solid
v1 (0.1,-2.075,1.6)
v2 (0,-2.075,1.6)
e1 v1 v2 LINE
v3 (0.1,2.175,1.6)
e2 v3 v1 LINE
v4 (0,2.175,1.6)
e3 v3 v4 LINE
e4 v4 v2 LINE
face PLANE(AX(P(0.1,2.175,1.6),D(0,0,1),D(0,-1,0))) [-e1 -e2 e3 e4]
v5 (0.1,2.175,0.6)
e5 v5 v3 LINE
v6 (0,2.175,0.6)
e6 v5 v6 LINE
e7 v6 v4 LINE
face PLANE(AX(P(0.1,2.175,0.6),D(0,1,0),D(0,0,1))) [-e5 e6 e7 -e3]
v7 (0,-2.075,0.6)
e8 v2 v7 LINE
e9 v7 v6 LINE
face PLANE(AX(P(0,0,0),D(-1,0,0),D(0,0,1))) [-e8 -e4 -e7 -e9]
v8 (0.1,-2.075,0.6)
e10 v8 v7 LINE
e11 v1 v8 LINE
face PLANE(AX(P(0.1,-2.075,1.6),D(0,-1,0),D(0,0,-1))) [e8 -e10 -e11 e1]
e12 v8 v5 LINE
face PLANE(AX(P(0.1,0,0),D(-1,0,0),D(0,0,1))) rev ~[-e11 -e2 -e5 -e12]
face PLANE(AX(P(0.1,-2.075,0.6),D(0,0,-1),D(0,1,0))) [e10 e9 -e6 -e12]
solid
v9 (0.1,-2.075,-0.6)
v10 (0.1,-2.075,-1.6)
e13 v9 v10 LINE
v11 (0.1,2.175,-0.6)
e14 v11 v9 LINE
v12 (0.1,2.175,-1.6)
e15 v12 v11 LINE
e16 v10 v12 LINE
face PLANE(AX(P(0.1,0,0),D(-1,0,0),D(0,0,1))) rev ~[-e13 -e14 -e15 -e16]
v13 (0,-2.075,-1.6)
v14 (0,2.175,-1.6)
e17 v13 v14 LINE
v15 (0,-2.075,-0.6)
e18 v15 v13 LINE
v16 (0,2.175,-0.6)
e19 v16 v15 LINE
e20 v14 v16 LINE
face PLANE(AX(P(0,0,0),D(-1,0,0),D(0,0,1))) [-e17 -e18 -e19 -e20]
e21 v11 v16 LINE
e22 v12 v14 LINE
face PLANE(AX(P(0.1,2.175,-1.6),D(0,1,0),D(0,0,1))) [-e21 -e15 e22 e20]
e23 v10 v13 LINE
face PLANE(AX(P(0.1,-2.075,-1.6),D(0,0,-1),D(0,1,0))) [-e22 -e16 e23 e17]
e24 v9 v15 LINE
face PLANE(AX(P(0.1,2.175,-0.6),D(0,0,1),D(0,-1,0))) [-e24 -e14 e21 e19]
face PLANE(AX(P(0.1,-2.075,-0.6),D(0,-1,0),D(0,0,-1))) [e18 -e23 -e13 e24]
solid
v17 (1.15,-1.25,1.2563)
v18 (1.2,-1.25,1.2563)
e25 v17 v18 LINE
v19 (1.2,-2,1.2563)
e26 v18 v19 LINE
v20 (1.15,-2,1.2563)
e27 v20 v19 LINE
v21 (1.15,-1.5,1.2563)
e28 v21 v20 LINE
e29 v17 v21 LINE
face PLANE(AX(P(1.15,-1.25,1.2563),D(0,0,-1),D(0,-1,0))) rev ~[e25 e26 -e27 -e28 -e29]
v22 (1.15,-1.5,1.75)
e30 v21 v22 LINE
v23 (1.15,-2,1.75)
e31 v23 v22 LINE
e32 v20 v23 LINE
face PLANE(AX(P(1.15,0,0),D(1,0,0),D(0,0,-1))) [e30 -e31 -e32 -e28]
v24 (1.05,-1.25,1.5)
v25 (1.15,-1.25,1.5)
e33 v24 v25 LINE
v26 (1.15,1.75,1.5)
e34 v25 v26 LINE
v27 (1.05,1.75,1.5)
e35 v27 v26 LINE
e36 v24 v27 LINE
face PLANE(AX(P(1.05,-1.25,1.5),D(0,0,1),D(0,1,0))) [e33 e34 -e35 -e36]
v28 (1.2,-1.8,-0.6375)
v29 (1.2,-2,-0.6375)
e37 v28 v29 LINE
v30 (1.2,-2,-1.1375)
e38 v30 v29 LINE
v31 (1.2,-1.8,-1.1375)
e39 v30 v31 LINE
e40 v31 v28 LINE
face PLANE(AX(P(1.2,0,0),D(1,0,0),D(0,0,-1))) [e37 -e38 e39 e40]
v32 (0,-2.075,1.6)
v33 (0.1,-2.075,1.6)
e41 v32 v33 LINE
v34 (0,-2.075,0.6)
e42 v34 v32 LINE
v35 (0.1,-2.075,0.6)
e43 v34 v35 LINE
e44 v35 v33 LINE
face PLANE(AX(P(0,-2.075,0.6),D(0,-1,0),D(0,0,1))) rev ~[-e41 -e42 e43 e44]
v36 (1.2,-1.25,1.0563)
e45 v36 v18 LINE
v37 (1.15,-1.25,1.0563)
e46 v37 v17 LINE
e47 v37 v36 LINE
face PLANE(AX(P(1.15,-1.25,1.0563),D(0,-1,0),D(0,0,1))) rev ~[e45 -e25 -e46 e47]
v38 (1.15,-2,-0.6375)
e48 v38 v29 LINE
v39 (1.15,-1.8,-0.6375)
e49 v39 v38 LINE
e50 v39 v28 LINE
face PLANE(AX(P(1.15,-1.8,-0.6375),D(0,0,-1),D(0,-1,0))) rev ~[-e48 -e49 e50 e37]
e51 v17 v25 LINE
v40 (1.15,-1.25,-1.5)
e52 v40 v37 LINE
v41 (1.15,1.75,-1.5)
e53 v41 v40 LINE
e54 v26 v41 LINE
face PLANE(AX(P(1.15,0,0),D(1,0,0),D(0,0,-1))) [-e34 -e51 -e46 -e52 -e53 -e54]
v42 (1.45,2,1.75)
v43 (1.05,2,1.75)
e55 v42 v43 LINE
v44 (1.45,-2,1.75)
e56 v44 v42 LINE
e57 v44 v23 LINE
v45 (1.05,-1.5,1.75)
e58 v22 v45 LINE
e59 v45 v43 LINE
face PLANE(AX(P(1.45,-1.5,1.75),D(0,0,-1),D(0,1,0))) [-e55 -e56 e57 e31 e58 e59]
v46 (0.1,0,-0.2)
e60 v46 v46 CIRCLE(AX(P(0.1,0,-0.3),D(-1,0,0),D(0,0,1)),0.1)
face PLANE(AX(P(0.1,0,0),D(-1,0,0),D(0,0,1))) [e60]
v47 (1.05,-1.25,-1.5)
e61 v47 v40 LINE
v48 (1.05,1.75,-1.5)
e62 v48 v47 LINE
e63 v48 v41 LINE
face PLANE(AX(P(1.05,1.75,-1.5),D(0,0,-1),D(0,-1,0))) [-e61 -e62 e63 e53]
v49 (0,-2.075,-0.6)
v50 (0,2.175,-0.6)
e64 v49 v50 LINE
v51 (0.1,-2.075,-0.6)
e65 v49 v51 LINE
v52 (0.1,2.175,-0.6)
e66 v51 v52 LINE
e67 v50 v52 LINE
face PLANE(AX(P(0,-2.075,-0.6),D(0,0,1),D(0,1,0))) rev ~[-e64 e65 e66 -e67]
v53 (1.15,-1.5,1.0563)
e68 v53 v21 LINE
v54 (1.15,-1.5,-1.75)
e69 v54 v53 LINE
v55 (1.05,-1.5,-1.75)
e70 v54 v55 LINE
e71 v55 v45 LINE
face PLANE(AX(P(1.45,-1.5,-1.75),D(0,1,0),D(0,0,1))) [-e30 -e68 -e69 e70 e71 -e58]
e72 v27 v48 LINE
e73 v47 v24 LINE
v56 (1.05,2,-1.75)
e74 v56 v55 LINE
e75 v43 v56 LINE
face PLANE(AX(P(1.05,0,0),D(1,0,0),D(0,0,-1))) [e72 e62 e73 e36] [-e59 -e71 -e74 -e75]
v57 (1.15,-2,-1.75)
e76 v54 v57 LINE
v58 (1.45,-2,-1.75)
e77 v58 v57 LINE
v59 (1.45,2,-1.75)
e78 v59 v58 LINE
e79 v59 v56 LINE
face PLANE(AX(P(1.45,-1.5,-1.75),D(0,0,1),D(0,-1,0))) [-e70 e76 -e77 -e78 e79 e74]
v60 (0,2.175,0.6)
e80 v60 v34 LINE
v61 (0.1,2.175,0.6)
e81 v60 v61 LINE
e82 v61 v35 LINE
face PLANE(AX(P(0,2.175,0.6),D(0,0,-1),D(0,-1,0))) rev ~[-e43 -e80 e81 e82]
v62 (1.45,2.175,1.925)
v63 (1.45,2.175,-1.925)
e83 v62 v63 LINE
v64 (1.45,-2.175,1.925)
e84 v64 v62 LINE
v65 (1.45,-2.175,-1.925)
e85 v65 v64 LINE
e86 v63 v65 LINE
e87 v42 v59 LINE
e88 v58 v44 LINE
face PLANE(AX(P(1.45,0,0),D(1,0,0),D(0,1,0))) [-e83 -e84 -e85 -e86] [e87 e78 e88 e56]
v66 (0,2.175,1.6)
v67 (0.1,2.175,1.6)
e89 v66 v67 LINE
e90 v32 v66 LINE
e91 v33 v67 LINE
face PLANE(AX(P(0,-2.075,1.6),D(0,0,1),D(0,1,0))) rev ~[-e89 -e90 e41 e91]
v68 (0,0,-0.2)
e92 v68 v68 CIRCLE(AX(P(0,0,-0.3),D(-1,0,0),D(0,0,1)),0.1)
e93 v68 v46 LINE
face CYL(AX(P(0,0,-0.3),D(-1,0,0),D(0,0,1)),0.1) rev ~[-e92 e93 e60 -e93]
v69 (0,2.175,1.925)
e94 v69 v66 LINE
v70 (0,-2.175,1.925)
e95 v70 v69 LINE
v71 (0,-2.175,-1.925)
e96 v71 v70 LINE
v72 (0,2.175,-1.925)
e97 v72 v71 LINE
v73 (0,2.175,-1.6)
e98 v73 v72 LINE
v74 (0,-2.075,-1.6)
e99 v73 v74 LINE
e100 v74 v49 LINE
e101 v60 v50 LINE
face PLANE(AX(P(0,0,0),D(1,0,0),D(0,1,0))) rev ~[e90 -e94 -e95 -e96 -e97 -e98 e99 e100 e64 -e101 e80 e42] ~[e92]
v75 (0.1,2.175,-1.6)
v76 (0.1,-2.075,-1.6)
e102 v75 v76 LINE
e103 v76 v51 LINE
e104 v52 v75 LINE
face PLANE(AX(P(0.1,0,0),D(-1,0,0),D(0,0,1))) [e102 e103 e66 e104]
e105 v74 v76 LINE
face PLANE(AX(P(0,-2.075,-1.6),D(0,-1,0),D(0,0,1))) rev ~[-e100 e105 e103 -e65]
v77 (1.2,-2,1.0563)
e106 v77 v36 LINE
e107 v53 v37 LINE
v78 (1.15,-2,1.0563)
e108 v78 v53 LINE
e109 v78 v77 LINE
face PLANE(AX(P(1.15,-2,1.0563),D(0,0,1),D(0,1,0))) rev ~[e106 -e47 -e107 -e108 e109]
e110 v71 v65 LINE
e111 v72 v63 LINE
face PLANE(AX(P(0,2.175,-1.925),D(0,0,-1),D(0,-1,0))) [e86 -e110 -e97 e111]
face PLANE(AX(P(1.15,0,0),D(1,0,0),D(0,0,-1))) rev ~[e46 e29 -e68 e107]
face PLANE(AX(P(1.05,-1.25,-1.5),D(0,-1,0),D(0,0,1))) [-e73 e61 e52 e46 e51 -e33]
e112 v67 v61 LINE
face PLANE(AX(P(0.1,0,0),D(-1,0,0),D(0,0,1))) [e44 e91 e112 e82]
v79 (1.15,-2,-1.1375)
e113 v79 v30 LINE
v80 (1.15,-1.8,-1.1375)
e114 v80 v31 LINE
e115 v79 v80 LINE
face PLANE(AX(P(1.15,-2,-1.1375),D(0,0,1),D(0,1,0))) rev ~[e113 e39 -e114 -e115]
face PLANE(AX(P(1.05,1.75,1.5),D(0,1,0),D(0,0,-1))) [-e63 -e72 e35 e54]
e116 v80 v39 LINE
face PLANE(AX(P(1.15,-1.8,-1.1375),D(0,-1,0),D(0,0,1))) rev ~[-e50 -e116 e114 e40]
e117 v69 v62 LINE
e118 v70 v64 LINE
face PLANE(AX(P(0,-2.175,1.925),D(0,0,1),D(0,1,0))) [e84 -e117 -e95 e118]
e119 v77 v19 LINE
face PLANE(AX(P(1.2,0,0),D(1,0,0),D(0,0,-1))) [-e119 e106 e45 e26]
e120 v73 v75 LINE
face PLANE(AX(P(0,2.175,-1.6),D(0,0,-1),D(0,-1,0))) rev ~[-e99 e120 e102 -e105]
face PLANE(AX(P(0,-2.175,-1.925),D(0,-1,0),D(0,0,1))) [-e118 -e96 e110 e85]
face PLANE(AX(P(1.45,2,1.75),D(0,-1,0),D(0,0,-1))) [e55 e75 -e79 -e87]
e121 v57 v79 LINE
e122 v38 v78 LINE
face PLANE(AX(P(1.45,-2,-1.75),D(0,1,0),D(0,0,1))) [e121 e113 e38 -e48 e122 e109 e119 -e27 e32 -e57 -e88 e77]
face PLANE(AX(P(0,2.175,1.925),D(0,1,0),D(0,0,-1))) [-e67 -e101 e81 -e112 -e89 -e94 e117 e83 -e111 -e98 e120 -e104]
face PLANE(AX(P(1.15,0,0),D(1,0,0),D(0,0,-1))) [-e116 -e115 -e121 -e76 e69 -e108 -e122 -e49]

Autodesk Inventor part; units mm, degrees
ref_plane "YZ Plane" through (0, 0, 0) normal (1, 0, 0) x (0, 1, 0)
ref_plane "XZ Plane" through (0, 0, 0) normal (0, 1, 0) x (-1, 0, 0)
ref_plane "XY Plane" through (0, 0, 0) normal (0, 0, 1) x (1, 0, 0)
sketch "Sketch1" plane through (0, 0, 0) normal (1, 0, 0) x (0, 1, 0)
  line L0 (-2.175, 1.925) -> (2.175, 1.925)
  line L1 (2.175, 1.925) -> (2.175, -1.925)
  line L2 (2.175, -1.925) -> (-2.175, -1.925)
  line L3 (-2.175, -1.925) -> (-2.175, 1.925)
  line L4 (-2.175, 1.925) -> (2.175, -1.925) construction
  line L5 (2.175, 1.925) -> (-2.175, -1.925) construction
  point P0 (0, 0)
  dimension "d0" = 4.35
  dimension "d1" = 3.85
extrude "Extrusion1" add sketch "Sketch1" along normal blind 1.45
sketch "Sketch2" plane through (1.45, 0, 0) normal (1, 0, 0) x (0, 0, -1)
  line L0 (1.75, -1.5) -> (-1.75, -1.5)
  line L1 (-1.75, -1.5) -> (-1.75, 2)
  line L2 (-1.75, 2) -> (1.75, 2)
  line L3 (1.75, 2) -> (1.75, -1.5)
  line L4 (1.75, -1.5) -> (-1.75, 2) construction
  line L5 (-1.75, -1.5) -> (1.75, 2) construction
  point P0 (0, 0)
  point P1 (0, 0.25)
  dimension "d4" = 0.25
  dimension "d5" = 3.5
  dimension "d6" = 3.5
extrude "Extrusion2" cut sketch "Sketch2" against normal blind 0.4
sketch "Sketch3" plane through (1.05, 0, 0) normal (1, 0, 0) x (0, 0, -1)
  line L0 (1.75, -1.5) -> (-1.75, -1.5) projected
  line L1 (1.75, 2) -> (1.75, -1.5) projected
  line L2 (-1.75, 2) -> (1.75, 2) projected
  line L3 (-1.75, -1.5) -> (-1.75, 2) projected
  line L4 (1.75, 2) -> (-1.75, -1.5) construction
  line L5 (1.5, -1.25) -> (-1.5, -1.25)
  line L6 (-1.5, -1.25) -> (-1.5, 1.75)
  line L7 (-1.5, 1.75) -> (1.5, 1.75)
  line L8 (1.5, 1.75) -> (1.5, -1.25)
  line L9 (1.5, -1.25) -> (-1.5, 1.75) construction
  line L10 (-1.5, -1.25) -> (1.5, 1.75) construction
  point P0 (0, 0)
  point P1 (0, 0.25)
  dimension "d9" = 3
  dimension "d10" = 3
extrude "Extrusion3" add sketch "Sketch3" along normal blind 0.1 contours L5 L6 L7 L8
sketch "Sketch4" plane through (1.45, 0, 0) normal (1, 0, 0) x (0, 0, -1)
  line L0 (1.75, 2) -> (1.75, -1.5) projected
  line L1 (1.75, -1.5) -> (-1.75, -1.5) projected
  line L2 (-1.75, -1.5) -> (-1.75, 2) projected
  line L3 (-1.75, 2) -> (1.75, 2) projected
  line L4 (-1.925, 2.175) -> (-1.925, -2.175) projected
  line L5 (-1.925, -2.175) -> (1.925, -2.175) projected
  line L6 (1.925, -2.175) -> (1.925, 2.175) projected
  line L7 (1.925, 2.175) -> (-1.925, 2.175) projected
  line L8 (-1.75, -1.5) -> (-1.75, 2) projected
  line L9 (-1.75, -1.5) -> (1.75, -1.5)
  line L10 (1.75, -1.5) -> (1.75, -2)
  line L11 (1.75, -2) -> (-1.75, -2)
  line L12 (-1.75, -2) -> (-1.75, -1.5)
  point P0 (0, 0)
  dimension "d13" = 0.5
extrude "Extrusion4" cut sketch "Sketch4" against normal blind 0.3 contours L10 L11 L12 L1
sketch "Sketch5" plane through (1.15, 0, 0) normal (1, 0, 0) x (0, 0, -1)
  line L0 (1.75, -2) -> (-1.75, -2) projected
  line L1 (-1.2563, -2) -> (-1.0563, -2)
  line L2 (-1.0563, -2) -> (-1.0563, -1.25)
  line L3 (-1.0563, -1.25) -> (-1.2563, -1.25)
  line L4 (-1.2563, -1.25) -> (-1.2563, -2)
  line L5 (0.6375, -2) -> (1.1375, -2)
  line L6 (1.1375, -2) -> (1.1375, -1.8)
  line L7 (1.1375, -1.8) -> (0.6375, -1.8)
  line L8 (0.6375, -1.8) -> (0.6375, -2)
  line L9 (-1.5, -1.25) -> (1.5, -1.25) projected
  point P0 (0, 0)
  dimension "d16" = 0.2
  dimension "d17" = 0.5
  dimension "d18" = 0.2
extrude "Extrusion5" add sketch "Sketch5" along normal blind 0.05
sketch "Sketch6" plane through (0, 0, 0) normal (-1, 0, 0) x (0, 0, 1)
  line L0 (1.925, -2.175) -> (1.925, 2.175) projected
  line L1 (1.925, 2.175) -> (-1.925, 2.175) projected
  line L2 (-1.925, 2.175) -> (-1.925, -2.175) projected
  line L3 (-1.925, -2.175) -> (1.925, -2.175) projected
  line L4 (1.6, 2.175) -> (0.6, 2.175)
  line L5 (0.6, 2.175) -> (0.6, -2.075)
  line L6 (0.6, -2.075) -> (1.6, -2.075)
  line L7 (1.6, -2.075) -> (1.6, 2.175)
  line L8 (-1.6, -2.075) -> (-0.6, -2.075)
  line L9 (-0.6, -2.075) -> (-0.6, 2.175)
  line L10 (-0.6, 2.175) -> (-1.6, 2.175)
  line L11 (-1.6, 2.175) -> (-1.6, -2.075)
  line L12 (1.925, 2.175) -> (-1.925, 2.175) projected
  point P0 (0, 0)
  point P1 (1.1, -2.075)
  point P2 (-1.1, -2.075)
  dimension "d21" = 1
  dimension "d22" = 1
  dimension "d23" = 4.25
  dimension "d24" = 4.25
  dimension "d25" = 1.1
  dimension "d26" = 1.1
extrude "Extrusion6" cut sketch "Sketch6" against normal blind 0.1 contours L7 L6 L5 L1 | L1 L9 L8 L11
sketch "Sketch7" plane through (0.1, 0, 0) normal (-1, 0, 0) x (0, 0, 1)
  line L0 (0.6, 2.175) -> (1.6, 2.175) projected
  line L1 (0.6, -2.075) -> (0.6, 2.175) projected
  line L2 (1.6, -2.075) -> (0.6, -2.075) projected
  line L3 (1.6, 2.175) -> (1.6, -2.075) projected
  line L4 (-0.6, -2.075) -> (-1.6, -2.075) projected
  line L5 (-0.6, 2.175) -> (-0.6, -2.075) projected
  line L6 (-1.6, 2.175) -> (-0.6, 2.175) projected
  line L7 (-1.6, -2.075) -> (-1.6, 2.175) projected
  point P0 (0, 0)
extrude "Extrusion7" add sketch "Sketch7" along normal up to surface (0.1 mm away) separate body
sketch "Sketch8" plane through (0, 0, 0) normal (-1, 0, 0) x (0, 0, 1)
  circle A0 centre (-0.3, 0) radius 0.1
  point P0 (0, 0)
  dimension "d31" = 0.2
  dimension "d32" = 0.3
extrude "Extrusion8" cut sketch "Sketch8" against normal blind 0.1 bodies 1
equation "\"d26\" = d25"
properties part number "S13360" material "ABS Plastic"
